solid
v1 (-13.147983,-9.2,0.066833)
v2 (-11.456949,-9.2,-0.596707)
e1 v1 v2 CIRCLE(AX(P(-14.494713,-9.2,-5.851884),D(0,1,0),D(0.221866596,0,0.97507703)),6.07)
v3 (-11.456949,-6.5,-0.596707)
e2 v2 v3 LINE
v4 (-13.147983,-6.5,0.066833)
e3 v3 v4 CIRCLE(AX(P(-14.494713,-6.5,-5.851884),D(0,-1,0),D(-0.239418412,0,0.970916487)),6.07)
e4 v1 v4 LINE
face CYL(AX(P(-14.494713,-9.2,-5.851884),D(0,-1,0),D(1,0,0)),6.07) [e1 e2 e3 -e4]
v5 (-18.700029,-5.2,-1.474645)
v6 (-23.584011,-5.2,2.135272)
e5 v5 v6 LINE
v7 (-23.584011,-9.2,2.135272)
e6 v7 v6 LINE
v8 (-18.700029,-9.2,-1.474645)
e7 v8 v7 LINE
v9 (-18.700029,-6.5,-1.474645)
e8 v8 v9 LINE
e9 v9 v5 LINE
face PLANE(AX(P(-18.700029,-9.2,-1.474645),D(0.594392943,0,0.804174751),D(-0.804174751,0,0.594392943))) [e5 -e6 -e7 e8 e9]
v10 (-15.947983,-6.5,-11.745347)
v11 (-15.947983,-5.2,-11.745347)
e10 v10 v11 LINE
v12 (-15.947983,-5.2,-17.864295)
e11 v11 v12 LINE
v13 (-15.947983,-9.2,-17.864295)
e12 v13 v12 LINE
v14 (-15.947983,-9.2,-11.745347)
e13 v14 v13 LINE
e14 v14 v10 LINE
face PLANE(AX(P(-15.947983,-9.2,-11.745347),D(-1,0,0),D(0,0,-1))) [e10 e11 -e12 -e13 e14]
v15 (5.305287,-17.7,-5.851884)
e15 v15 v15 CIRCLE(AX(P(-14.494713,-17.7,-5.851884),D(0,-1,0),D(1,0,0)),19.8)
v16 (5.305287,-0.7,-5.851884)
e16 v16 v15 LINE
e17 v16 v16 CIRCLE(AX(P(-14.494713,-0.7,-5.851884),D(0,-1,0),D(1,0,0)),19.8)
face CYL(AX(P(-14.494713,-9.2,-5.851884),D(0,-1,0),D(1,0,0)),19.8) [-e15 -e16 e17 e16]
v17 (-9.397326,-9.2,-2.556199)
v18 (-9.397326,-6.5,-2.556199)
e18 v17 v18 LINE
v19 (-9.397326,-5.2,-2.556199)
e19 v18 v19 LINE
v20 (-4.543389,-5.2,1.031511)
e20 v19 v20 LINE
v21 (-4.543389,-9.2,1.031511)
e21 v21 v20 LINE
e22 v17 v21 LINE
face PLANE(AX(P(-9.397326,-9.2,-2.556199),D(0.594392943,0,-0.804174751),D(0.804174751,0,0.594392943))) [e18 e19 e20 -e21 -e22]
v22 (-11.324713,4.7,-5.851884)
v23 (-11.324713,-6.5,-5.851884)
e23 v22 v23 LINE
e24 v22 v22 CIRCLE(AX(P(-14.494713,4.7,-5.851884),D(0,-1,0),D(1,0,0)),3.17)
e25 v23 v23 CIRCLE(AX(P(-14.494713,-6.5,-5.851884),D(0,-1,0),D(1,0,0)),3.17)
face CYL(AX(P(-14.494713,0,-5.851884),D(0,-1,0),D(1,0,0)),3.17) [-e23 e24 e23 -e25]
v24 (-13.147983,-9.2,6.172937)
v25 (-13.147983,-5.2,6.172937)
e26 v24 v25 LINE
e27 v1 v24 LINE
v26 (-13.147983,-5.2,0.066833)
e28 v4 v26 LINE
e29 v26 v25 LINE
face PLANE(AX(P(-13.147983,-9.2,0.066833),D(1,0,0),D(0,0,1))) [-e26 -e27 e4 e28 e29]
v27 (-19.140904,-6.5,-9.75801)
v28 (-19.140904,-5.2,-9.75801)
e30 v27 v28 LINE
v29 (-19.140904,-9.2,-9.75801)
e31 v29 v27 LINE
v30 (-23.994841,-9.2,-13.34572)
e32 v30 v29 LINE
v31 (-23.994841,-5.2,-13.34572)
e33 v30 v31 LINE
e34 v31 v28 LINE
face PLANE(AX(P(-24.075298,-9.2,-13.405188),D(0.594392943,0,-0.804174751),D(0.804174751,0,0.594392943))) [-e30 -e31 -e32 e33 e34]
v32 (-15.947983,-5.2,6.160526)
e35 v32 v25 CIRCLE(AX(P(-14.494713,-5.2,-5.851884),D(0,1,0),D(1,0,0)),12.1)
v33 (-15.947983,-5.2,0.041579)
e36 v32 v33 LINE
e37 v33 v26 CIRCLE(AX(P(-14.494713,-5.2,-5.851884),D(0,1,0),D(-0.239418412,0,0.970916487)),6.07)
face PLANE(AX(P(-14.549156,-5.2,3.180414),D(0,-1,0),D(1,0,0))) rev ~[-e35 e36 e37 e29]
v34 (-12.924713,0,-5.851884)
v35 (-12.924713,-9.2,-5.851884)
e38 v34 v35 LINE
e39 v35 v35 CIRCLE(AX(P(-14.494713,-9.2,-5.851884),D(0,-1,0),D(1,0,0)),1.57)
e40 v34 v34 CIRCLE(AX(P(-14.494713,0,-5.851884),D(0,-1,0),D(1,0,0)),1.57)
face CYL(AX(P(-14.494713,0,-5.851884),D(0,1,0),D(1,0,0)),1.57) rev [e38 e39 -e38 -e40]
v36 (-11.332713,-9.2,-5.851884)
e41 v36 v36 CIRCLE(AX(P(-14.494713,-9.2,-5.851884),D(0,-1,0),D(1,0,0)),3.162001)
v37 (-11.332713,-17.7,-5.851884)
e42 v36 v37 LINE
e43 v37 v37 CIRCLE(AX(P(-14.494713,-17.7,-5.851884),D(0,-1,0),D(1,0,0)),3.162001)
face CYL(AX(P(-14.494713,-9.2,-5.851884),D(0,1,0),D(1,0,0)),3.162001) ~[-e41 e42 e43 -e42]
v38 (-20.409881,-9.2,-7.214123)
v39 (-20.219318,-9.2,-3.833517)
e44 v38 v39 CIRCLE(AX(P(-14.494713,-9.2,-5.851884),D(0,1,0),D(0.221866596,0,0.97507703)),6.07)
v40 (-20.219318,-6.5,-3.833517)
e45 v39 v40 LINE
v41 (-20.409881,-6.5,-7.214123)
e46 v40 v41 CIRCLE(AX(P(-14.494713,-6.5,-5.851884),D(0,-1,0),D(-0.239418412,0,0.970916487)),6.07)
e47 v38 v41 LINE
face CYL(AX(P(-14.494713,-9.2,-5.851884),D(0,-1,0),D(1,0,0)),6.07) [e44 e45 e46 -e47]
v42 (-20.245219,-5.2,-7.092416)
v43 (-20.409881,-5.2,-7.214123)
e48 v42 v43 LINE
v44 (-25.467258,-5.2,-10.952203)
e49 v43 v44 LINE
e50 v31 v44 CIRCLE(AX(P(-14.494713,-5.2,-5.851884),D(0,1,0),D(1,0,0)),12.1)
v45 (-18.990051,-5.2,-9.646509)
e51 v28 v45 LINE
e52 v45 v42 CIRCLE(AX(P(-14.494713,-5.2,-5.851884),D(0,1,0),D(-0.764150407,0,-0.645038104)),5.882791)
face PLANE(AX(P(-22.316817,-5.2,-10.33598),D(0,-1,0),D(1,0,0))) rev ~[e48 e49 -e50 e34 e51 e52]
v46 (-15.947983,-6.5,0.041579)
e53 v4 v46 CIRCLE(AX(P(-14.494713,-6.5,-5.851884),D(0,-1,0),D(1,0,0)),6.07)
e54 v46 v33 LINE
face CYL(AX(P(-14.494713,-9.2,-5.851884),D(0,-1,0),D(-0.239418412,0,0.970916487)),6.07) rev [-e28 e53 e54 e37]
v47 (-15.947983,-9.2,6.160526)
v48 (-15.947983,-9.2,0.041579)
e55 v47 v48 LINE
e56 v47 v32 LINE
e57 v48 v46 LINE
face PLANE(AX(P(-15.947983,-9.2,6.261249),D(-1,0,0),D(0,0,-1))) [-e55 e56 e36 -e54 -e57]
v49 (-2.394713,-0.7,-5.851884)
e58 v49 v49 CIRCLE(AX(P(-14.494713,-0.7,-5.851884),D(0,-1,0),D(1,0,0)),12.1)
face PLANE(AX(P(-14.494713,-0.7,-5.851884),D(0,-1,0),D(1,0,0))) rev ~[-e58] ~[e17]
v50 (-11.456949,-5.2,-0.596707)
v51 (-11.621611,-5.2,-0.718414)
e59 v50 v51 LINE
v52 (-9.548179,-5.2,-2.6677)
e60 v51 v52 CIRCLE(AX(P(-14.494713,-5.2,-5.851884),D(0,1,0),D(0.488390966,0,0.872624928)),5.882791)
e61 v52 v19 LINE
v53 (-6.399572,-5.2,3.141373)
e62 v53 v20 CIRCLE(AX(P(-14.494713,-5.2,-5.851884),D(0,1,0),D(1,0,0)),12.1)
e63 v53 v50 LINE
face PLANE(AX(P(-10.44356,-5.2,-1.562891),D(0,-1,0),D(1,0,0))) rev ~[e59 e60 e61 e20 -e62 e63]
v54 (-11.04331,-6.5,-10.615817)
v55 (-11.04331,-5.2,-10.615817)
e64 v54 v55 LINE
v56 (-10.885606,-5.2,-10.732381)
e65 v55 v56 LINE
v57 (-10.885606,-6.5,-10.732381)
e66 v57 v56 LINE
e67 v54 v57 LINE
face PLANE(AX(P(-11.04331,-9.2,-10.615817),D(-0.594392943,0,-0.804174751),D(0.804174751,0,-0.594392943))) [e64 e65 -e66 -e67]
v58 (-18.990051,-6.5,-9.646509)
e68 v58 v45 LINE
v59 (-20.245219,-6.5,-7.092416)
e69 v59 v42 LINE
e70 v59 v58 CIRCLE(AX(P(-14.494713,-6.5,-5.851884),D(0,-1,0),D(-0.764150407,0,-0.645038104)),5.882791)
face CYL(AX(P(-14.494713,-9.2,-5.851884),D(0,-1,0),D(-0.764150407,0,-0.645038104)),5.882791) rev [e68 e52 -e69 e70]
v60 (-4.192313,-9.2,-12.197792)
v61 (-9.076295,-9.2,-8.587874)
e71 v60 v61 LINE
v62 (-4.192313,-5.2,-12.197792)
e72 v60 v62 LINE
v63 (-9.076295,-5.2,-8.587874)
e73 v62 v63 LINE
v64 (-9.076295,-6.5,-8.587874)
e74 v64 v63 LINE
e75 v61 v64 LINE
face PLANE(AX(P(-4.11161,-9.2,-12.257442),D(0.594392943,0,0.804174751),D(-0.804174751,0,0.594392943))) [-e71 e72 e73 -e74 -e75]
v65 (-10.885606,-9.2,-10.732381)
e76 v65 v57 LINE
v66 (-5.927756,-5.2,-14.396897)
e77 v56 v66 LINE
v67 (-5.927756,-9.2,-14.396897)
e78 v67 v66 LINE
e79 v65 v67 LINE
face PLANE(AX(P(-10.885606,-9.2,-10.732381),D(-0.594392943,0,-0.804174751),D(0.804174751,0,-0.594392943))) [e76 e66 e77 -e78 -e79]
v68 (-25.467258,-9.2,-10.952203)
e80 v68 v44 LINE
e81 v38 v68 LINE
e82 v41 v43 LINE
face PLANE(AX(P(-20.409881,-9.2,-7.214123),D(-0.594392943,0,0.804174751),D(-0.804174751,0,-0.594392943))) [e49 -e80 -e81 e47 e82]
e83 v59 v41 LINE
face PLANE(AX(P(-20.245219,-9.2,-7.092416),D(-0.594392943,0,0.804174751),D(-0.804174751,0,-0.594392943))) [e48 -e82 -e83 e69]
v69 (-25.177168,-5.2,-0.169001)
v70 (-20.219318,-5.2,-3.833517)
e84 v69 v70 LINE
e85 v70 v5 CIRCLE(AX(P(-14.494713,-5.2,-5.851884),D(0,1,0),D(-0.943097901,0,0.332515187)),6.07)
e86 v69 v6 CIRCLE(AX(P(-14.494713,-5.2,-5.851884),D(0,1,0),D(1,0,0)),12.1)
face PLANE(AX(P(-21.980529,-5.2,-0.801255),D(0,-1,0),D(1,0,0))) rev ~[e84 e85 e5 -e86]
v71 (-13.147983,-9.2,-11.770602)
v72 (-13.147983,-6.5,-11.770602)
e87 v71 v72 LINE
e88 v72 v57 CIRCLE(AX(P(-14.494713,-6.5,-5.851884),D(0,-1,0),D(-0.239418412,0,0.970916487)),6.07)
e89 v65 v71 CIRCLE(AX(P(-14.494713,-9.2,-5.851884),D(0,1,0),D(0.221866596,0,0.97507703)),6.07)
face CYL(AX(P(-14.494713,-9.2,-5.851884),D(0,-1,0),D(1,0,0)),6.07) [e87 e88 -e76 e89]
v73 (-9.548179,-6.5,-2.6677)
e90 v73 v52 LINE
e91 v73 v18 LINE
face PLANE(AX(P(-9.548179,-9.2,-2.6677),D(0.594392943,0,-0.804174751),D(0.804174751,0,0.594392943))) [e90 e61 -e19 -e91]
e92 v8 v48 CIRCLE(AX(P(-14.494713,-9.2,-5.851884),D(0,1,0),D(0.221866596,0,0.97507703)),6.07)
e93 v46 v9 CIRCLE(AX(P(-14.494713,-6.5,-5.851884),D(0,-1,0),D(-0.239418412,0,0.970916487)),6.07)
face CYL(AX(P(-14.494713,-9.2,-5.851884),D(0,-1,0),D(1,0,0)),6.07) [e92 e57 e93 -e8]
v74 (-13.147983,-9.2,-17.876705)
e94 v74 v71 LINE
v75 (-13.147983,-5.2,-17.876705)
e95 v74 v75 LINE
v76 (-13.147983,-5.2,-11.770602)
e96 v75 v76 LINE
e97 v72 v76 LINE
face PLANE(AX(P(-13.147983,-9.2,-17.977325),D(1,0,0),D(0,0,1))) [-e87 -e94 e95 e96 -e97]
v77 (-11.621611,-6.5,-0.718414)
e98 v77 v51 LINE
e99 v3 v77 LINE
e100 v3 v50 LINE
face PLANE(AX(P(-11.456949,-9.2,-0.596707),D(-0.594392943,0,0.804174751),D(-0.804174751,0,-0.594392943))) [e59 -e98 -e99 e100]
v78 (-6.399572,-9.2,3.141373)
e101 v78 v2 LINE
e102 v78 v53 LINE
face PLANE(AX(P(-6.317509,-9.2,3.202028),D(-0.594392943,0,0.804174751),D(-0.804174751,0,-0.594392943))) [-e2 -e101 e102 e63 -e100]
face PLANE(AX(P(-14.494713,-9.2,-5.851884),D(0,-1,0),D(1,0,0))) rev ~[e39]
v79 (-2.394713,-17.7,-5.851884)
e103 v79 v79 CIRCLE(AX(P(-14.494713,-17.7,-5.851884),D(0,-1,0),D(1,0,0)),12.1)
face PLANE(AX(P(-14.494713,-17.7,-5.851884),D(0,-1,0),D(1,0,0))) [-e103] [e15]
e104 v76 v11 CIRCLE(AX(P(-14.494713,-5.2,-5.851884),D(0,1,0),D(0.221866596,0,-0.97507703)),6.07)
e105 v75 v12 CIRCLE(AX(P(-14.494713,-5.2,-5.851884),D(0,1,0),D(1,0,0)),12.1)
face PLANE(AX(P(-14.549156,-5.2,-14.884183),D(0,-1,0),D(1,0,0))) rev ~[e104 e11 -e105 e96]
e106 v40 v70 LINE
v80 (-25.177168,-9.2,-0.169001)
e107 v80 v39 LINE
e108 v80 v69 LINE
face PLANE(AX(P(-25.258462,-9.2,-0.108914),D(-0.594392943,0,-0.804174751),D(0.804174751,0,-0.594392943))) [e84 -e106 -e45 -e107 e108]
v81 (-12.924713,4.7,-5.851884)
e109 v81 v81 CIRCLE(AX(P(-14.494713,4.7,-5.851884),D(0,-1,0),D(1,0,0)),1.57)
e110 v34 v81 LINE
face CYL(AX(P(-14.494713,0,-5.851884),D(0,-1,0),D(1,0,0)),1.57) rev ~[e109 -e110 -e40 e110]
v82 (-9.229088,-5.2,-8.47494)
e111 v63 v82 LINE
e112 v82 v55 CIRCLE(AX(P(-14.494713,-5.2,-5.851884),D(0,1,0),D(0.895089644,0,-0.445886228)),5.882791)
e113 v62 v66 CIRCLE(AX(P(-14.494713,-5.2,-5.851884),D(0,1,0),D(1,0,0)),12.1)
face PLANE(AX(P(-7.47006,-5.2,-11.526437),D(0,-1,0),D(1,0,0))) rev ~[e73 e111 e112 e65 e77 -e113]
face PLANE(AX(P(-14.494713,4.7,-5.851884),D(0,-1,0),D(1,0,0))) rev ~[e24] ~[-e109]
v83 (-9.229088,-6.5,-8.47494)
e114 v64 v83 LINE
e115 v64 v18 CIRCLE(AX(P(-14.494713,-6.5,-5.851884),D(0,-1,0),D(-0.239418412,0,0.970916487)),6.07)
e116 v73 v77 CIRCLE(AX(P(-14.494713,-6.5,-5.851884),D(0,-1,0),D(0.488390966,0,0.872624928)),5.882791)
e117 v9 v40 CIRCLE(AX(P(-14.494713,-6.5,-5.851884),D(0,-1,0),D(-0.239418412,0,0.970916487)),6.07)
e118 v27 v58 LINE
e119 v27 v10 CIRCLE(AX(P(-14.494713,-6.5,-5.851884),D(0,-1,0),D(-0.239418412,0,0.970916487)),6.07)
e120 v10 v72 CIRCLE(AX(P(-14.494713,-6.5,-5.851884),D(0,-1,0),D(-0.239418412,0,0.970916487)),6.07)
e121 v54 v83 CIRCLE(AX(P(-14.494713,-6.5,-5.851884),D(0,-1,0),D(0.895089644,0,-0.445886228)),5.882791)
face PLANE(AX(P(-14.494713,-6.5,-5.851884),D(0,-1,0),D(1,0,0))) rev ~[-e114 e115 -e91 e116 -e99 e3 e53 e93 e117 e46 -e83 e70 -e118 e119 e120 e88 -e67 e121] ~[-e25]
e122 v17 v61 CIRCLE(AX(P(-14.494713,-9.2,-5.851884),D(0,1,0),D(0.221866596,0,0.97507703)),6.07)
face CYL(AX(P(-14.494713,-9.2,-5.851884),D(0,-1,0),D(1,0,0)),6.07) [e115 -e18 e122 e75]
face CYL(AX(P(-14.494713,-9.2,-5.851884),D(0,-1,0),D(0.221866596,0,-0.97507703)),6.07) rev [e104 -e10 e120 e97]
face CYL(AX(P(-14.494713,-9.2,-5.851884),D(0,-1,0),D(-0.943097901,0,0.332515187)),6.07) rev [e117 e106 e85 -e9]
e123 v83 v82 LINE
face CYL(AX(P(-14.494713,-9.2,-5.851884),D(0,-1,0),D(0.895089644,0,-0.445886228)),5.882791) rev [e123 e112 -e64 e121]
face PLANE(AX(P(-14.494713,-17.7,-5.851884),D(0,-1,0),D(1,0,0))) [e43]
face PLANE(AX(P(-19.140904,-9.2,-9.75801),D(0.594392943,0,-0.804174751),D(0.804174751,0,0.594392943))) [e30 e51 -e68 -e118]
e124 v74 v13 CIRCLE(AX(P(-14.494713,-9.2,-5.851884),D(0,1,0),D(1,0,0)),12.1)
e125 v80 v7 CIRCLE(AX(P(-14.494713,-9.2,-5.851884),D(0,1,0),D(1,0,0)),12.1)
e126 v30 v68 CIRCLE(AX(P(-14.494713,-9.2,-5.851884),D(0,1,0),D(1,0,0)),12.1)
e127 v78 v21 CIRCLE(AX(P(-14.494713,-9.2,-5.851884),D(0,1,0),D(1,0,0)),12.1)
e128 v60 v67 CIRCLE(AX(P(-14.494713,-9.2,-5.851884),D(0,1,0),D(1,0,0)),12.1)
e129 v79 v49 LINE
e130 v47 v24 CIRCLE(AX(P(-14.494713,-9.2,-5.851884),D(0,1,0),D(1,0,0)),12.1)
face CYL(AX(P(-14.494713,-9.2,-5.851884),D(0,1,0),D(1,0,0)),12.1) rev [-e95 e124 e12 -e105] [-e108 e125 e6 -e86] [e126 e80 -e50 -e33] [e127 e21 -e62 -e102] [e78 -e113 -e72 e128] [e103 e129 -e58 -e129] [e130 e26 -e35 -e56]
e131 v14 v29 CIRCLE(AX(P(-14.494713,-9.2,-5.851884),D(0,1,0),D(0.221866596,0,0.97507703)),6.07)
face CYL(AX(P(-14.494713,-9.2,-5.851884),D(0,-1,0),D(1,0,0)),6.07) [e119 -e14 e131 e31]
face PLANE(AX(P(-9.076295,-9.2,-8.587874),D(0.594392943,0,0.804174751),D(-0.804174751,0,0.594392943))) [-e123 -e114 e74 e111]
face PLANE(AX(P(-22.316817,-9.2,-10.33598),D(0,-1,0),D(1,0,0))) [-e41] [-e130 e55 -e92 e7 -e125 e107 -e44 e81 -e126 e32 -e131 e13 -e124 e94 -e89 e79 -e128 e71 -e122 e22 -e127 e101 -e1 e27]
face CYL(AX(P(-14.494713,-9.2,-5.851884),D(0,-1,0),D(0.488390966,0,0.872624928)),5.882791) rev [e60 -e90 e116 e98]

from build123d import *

# Parameters (mm, degrees)
F0_R      = 3.17
F0_R_2    = 1.57
F1_DEPTH  = 9.2
F2_R      = 6.07
F2_R_2    = 3.17
F3_DEPTH  = 2.7
F5_DEPTH  = 4
F6_R      = 19.8
F6_R_2    = 12.1
F7_DEPTH  = 8.5
F8_DEPTH  = 4.7
F9_R      = 3.1620005376
F10_DEPTH = 8.5
F11_DEPTH = 3


with BuildPart() as f1:
    # F0 (on Front) → F1 (new body)
    with BuildSketch(Plane.XZ):
        with Locations((-14.4947133958, -5.8518843725)):
            Circle(F0_R)
        with Locations((-14.4947133958, -5.8518843725)):
            Circle(F0_R_2, mode=Mode.SUBTRACT)
    extrude(amount=F1_DEPTH)

    # F8 (add): a face of the model
    f8_faces = [f1.faces().sort_by_distance(p)[0] for p in [
        (-17.575052256, 0, -5.8518843725),
    ]]
    extrude(f8_faces, amount=F8_DEPTH)

    # F9 (on face) → F10 (join, through all)
    with BuildSketch(Plane.XZ.offset(9.2)):
        with Locations((-14.4947133958, -5.8518843725)):
            Circle(F9_R)
    extrude(amount=F10_DEPTH)

    # F11 (add): a face of the model
    f11_faces = [f1.faces().sort_by_distance(p)[0] for p in [
        (-14.4947133958, -17.7, -5.8518843725),
    ]]


with BuildPart() as f3:
    # F2 (on face) → F3 (new body)
    with BuildSketch(Plane.XZ.offset(9.2)):
        with Locations((-14.4947133958, -5.8518843725)):
            Circle(F2_R)
        with Locations((-14.4947133958, -5.8518843725)):
            Circle(F2_R_2, mode=Mode.SUBTRACT)
    extrude(amount=-F3_DEPTH)


with BuildPart() as f5:
    # F4 (on face) → F5 (new body)
    with BuildSketch(Plane.XZ.offset(9.2)):
        with BuildLine():
            Line((-15.9479831574, 6.2612492848), (-15.9479831574, 0.0415787011))
            ThreePointArc((-15.9479831574, 0.0415787011), (-14.5494593079, 0.2178687431), (-13.1479831574, 0.0668331967))
            Line((-13.1479831574, 0.0668331967), (-13.1479831574, 6.2735565541))
            ThreePointArc((-13.1479831574, 6.2735565541), (-14.5483374083, 6.3479977771), (-15.9479831574, 6.2612492848))
        make_face()
    extrude(amount=-F5_DEPTH)


with BuildPart() as f5b:
    # F4 (on face) → F5, piece 2 (new body)
    with BuildSketch(Plane.XZ.offset(9.2)):
        with BuildLine():
            ThreePointArc((-9.3973258546, -2.5561992761), (-10.3108067194, -1.4541775926), (-11.4569494327, -0.5967069155))
            Line((-11.4569494327, -0.5967069155), (-11.6216113174, -0.7184141217))
            ThreePointArc((-11.6216113174, -0.7184141217), (-10.465246014, -1.5657876648), (-9.5481790309, -2.6676999957))
            Line((-9.5481790309, -2.6676999957), (-9.3973258546, -2.5561992761))
        make_face()
        with BuildLine():
            Line((-6.3175093497, 3.2020282617), (-11.4569494327, -0.5967069155))
            ThreePointArc((-11.4569494327, -0.5967069155), (-10.3108067194, -1.4541775926), (-9.3973258546, -2.5561992761))
            Line((-9.3973258546, -2.5561992761), (-4.4629317782, 1.0909794152))
            ThreePointArc((-4.4629317782, 1.0909794152), (-5.3292389654, 2.200076784), (-6.3175093497, 3.2020282617))
        make_face()
    extrude(amount=-F5_DEPTH)


with BuildPart() as f5c:
    # F4 (on face) → F5, piece 3 (new body)
    with BuildSketch(Plane.XZ.offset(9.2)):
        with BuildLine():
            ThreePointArc((-9.0762949538, -8.5878744286), (-9.8553405144, -9.7661045078), (-10.8856064508, -10.7323809722))
            Line((-10.8856064508, -10.7323809722), (-5.8464618601, -14.4569843356))
            ThreePointArc((-5.8464618601, -14.4569843356), (-4.9156940174, -13.4071730995), (-4.1116102126, -12.2574419818))
            Line((-4.1116102126, -12.2574419818), (-9.0762949538, -8.5878744286))
        make_face()
        with BuildLine():
            Line((-11.0433104475, -10.6158165779), (-10.8856064508, -10.7323809722))
            ThreePointArc((-10.8856064508, -10.7323809722), (-9.8553405144, -9.7661045078), (-9.0762949538, -8.5878744286))
            Line((-9.0762949538, -8.5878744286), (-9.2290879071, -8.4749399537))
            ThreePointArc((-9.2290879071, -8.4749399537), (-10.0066754756, -9.6551392938), (-11.0433104475, -10.6158165779))
        make_face()
    extrude(amount=-F5_DEPTH)


with BuildPart() as f5d:
    # F4 (on face) → F5, piece 4 (new body)
    with BuildSketch(Plane.XZ.offset(9.2)):
        with BuildLine():
            ThreePointArc((-13.1479831574, -11.7706019418), (-14.5494593079, -11.9216374882), (-15.9479831574, -11.7453474462))
            Line((-15.9479831574, -11.7453474462), (-15.9479831574, -17.9650180299))
            ThreePointArc((-15.9479831574, -17.9650180299), (-14.5483374083, -18.0517665222), (-13.1479831574, -17.9773252992))
            Line((-13.1479831574, -17.9773252992), (-13.1479831574, -11.7706019418))
        make_face()
    extrude(amount=-F5_DEPTH)


with BuildPart() as f5e:
    # F4 (on face) → F5, piece 5 (new body)
    with BuildSketch(Plane.XZ.offset(9.2)):
        with BuildLine():
            Line((-18.7000286708, -1.4746451241), (-23.6647134121, 2.1949224291))
            ThreePointArc((-23.6647134121, 2.1949224291), (-24.5279332831, 1.0889007916), (-25.2584622432, -0.1089138213))
            Line((-25.2584622432, -0.1089138213), (-20.2193176525, -3.8335171848))
            ThreePointArc((-20.2193176525, -3.8335171848), (-19.5978393815, -2.5650918366), (-18.7000286708, -1.4746451241))
        make_face()
    extrude(amount=-F5_DEPTH)


with BuildPart() as f5f:
    # F4 (on face) → F5, piece 6 (new body)
    with BuildSketch(Plane.XZ.offset(9.2)):
        with BuildLine():
            ThreePointArc((-19.1409038648, -9.7580095787), (-19.9264174704, -8.5614029362), (-20.4098807653, -7.214123335))
            Line((-20.4098807653, -7.214123335), (-25.5493208484, -11.0128585122))
            ThreePointArc((-25.5493208484, -11.0128585122), (-24.8814163191, -12.2516033027), (-24.0752979412, -13.4051882701))
            Line((-24.0752979412, -13.4051882701), (-19.1409038648, -9.7580095787))
        make_face()
        with BuildLine():
            Line((-20.2452188807, -7.0924161289), (-20.4098807653, -7.214123335))
            ThreePointArc((-20.4098807653, -7.214123335), (-19.9264174704, -8.5614029362), (-19.1409038648, -9.7580095787))
            Line((-19.1409038648, -9.7580095787), (-18.9900506885, -9.6465088591))
            ThreePointArc((-18.9900506885, -9.6465088591), (-19.774407608, -8.4465060011), (-20.2452188807, -7.0924161289))
        make_face()
    extrude(amount=-F5_DEPTH)


with BuildPart() as f7:
    # F6 (on face) → F7 (new body, symmetric)
    with BuildSketch(Plane.XZ.offset(9.2)):
        with Locations((-14.4947133958, -5.8518843725)):
            Circle(F6_R)
        with Locations((-14.4947133958, -5.8518843725)):
            Circle(F6_R_2, mode=Mode.SUBTRACT)
    extrude(amount=F7_DEPTH, both=True)


with BuildPart() as f1_1:
    add(f1.part)

    add(f3.part)  # F11 merges F3

    add(f5.part)  # F11 merges F5

    add(f5b.part)  # F11 merges F5b

    add(f5c.part)  # F11 merges F5c

    add(f5d.part)  # F11 merges F5d

    add(f5e.part)  # F11 merges F5e

    add(f5f.part)  # F11 merges F5f

    add(f7.part)  # F11 merges F7
    extrude(f11_faces, amount=-F11_DEPTH)


solid = f1_1.part
